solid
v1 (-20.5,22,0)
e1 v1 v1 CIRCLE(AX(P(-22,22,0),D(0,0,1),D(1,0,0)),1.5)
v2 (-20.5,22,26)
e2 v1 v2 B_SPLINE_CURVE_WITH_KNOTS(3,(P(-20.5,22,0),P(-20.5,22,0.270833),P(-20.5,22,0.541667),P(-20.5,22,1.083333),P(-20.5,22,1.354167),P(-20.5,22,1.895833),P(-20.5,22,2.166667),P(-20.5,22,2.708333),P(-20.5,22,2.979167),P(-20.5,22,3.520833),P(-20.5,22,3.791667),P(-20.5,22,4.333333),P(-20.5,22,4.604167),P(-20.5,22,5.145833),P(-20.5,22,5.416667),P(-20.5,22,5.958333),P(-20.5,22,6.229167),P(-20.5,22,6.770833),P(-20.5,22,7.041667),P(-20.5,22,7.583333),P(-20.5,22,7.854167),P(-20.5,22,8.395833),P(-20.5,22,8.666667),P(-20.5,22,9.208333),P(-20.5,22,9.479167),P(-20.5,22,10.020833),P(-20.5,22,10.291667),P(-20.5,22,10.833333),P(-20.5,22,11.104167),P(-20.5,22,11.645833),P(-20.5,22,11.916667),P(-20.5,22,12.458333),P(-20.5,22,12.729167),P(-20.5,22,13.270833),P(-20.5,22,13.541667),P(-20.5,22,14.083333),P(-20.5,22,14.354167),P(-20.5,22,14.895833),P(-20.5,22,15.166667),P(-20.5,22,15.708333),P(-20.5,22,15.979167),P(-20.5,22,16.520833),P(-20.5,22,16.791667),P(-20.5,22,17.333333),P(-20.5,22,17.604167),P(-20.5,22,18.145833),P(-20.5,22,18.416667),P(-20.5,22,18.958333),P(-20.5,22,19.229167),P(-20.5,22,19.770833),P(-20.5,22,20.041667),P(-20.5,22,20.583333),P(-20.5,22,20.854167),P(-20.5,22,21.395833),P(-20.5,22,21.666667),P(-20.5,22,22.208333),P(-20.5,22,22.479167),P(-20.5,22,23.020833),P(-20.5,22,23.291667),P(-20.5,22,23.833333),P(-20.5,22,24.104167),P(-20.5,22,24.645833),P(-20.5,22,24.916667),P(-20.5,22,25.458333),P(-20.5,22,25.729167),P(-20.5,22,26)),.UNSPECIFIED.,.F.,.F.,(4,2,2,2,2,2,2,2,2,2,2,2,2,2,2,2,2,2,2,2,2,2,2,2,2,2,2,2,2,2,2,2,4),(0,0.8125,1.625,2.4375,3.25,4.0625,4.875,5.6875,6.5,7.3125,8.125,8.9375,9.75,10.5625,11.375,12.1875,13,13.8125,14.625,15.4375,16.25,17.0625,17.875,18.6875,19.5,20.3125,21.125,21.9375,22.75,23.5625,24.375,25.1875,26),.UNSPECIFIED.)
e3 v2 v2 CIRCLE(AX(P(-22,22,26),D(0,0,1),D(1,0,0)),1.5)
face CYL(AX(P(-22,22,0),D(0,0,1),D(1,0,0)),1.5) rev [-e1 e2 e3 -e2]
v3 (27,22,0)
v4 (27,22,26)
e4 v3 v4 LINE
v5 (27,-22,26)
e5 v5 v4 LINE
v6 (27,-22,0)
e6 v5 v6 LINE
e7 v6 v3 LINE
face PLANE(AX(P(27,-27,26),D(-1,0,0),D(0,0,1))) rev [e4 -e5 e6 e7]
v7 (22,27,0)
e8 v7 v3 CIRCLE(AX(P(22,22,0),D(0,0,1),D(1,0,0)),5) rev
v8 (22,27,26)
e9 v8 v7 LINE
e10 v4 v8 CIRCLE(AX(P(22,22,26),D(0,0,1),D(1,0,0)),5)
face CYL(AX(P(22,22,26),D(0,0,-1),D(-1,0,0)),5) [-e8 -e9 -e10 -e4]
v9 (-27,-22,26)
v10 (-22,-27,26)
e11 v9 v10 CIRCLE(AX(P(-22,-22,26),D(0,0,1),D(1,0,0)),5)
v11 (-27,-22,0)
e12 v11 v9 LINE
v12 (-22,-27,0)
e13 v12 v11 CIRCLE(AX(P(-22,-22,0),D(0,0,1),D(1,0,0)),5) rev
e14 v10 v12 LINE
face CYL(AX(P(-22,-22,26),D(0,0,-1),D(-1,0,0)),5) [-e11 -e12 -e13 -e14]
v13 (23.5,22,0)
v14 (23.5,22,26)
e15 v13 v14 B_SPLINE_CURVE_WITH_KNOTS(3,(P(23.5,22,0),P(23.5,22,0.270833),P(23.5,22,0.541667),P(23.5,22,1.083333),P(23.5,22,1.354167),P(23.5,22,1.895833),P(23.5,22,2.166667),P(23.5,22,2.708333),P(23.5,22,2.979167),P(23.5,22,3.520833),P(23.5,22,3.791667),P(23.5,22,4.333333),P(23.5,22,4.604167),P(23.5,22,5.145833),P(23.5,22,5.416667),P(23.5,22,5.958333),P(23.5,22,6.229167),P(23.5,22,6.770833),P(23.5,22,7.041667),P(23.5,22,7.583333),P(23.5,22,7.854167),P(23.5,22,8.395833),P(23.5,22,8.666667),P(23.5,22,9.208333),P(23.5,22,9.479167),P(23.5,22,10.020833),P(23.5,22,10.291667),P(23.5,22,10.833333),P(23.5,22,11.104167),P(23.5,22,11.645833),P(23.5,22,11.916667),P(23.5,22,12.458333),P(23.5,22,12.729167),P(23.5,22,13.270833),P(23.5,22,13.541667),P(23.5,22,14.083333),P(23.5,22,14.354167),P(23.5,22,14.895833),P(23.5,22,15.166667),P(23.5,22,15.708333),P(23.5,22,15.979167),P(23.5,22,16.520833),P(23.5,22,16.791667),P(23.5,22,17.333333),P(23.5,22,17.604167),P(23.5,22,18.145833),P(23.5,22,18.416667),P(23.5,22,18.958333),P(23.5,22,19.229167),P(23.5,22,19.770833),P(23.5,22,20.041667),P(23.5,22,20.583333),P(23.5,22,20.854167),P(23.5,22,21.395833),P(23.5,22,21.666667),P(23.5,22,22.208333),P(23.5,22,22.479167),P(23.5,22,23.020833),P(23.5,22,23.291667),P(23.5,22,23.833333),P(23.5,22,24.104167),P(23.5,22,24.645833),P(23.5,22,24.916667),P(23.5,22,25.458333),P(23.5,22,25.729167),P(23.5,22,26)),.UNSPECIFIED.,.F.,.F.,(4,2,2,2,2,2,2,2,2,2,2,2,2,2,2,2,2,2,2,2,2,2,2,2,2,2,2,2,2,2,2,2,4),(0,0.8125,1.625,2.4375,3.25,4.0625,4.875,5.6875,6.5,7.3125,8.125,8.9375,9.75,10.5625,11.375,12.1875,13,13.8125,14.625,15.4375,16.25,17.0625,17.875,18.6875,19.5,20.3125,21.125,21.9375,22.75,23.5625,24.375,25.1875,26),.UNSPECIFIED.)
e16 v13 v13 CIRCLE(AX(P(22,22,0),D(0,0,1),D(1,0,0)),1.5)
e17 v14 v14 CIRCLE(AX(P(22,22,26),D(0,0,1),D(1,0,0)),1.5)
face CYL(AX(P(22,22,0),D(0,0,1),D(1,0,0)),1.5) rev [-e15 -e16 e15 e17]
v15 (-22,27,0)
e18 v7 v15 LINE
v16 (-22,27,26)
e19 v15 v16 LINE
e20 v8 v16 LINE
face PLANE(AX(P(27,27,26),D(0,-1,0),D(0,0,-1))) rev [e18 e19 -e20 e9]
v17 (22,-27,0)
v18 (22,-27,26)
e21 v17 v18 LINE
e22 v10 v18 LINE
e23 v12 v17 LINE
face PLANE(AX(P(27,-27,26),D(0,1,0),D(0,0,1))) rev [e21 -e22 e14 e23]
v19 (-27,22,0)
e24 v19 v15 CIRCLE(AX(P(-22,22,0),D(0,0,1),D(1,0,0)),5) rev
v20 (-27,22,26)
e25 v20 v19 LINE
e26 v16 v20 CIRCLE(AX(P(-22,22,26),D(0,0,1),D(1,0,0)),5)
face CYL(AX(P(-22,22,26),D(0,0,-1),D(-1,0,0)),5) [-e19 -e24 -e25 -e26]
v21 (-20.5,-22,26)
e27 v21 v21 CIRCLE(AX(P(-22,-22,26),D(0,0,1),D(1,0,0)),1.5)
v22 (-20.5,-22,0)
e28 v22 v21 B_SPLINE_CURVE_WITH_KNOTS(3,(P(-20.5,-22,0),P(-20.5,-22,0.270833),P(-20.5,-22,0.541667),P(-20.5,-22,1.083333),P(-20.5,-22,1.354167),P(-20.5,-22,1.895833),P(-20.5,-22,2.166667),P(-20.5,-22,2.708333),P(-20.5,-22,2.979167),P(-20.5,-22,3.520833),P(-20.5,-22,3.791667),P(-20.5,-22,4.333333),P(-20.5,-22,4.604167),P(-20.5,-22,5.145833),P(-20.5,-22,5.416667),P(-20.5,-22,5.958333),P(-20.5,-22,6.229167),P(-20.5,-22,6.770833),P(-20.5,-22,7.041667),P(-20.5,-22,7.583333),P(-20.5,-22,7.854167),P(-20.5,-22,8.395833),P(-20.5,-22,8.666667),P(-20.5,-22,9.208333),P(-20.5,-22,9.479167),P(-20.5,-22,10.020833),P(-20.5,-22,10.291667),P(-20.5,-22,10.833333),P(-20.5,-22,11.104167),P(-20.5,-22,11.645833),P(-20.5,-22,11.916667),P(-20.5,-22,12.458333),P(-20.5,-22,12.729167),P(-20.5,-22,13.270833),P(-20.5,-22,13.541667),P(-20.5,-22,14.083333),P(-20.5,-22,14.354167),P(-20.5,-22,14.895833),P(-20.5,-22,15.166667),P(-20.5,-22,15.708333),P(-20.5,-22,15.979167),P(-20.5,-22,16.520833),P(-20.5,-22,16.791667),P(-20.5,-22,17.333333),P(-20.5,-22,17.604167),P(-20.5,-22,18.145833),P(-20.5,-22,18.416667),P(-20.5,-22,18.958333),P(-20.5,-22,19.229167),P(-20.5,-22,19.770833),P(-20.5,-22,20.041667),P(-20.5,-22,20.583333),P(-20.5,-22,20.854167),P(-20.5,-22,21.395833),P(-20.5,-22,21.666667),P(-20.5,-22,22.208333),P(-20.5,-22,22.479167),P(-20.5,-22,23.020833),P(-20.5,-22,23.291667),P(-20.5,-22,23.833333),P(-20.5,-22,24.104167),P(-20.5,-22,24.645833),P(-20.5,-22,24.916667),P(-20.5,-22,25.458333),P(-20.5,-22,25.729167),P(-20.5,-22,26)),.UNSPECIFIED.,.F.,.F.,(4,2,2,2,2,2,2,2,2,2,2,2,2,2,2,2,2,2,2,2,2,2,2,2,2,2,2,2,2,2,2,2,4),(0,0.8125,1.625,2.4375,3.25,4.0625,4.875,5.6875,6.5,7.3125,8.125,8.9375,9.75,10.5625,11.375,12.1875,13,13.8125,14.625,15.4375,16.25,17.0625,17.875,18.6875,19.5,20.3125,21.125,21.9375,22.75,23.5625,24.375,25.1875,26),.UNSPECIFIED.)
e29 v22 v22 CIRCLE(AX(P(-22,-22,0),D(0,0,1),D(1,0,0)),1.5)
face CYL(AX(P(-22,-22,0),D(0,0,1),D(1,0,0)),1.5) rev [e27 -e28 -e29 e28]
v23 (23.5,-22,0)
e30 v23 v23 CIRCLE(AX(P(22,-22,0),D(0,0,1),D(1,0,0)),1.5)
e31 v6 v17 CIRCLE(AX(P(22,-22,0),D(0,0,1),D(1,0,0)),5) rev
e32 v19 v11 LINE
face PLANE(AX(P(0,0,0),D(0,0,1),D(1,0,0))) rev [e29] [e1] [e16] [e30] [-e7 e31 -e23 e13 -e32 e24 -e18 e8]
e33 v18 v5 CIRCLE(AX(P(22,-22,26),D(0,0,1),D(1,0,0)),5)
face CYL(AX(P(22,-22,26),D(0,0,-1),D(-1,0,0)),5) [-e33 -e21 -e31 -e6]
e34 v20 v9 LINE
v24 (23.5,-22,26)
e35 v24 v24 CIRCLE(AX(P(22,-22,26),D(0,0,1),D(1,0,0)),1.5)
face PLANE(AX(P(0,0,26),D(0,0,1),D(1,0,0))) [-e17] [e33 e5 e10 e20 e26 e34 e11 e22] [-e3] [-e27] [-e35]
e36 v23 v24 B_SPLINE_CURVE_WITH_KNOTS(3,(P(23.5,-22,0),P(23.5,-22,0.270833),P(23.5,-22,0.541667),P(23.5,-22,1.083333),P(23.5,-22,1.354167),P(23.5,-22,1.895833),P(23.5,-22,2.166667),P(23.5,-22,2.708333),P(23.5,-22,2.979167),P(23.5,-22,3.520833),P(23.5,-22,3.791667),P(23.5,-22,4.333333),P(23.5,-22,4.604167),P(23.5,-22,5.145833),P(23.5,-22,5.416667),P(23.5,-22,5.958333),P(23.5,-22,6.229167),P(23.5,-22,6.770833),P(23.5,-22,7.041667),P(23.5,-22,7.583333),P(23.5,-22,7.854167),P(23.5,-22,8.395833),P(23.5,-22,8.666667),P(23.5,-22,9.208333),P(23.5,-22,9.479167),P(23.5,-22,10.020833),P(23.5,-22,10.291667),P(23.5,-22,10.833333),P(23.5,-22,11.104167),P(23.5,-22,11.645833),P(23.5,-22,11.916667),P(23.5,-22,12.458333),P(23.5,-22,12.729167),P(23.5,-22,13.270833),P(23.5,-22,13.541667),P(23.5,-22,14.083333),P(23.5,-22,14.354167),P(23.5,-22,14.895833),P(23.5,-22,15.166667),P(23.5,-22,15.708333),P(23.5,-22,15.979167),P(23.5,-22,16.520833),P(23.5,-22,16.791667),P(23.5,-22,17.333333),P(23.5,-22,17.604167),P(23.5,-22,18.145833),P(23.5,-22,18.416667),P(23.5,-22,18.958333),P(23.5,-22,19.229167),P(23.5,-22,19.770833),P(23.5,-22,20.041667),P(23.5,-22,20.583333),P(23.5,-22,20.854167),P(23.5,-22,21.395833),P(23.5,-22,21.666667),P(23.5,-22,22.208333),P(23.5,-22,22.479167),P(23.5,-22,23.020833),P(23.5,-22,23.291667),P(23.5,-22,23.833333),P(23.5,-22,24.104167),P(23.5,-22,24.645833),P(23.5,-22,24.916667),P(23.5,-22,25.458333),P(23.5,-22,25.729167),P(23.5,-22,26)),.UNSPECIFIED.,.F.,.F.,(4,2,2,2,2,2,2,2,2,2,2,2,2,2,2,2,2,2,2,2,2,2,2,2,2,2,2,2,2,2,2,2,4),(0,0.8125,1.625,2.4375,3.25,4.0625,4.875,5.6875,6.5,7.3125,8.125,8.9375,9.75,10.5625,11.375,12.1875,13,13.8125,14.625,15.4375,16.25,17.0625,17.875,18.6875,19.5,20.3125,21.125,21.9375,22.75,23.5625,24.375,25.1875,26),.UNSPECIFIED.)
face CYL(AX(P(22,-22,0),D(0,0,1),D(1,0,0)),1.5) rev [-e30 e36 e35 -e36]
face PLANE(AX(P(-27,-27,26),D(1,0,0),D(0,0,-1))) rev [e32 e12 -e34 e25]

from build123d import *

# Parameters (mm, degrees)
CROQUIS1_W              = 54
CROQUIS1_H              = 54
SALIENTE_EXTRUIR1_DEPTH = 26
REDONDEO1_R             = 5
CROQUIS2_R              = 1.5
CORTAR_EXTRUIR1_DEPTH   = 47.19523785


with BuildPart() as part:
    # Croquis1 → Saliente-Extruir1 (new body)
    with BuildSketch(Plane.XY):
        Rectangle(CROQUIS1_W, CROQUIS1_H)
    extrude(amount=SALIENTE_EXTRUIR1_DEPTH)

    # Redondeo1
    redondeo1_edges = [part.edges().sort_by_distance(p)[0] for p in [
        (-27, 27, 13),
        (27, 27, 13),
        (27, -27, 13),
        (-27, -27, 13),
    ]]
    fillet(redondeo1_edges, radius=REDONDEO1_R)

    # Croquis2 → Cortar-Extruir1 (cut, through all)
    with BuildSketch(Plane.XY.offset(26)):
        with Locations((-22, 22)):
            Circle(CROQUIS2_R)
        with Locations((22, 22)):
            Circle(CROQUIS2_R)
        with Locations((22, -22)):
            Circle(CROQUIS2_R)
        with Locations((-22, -22)):
            Circle(CROQUIS2_R)
    extrude(amount=-CORTAR_EXTRUIR1_DEPTH, mode=Mode.SUBTRACT)


solid = part.part
